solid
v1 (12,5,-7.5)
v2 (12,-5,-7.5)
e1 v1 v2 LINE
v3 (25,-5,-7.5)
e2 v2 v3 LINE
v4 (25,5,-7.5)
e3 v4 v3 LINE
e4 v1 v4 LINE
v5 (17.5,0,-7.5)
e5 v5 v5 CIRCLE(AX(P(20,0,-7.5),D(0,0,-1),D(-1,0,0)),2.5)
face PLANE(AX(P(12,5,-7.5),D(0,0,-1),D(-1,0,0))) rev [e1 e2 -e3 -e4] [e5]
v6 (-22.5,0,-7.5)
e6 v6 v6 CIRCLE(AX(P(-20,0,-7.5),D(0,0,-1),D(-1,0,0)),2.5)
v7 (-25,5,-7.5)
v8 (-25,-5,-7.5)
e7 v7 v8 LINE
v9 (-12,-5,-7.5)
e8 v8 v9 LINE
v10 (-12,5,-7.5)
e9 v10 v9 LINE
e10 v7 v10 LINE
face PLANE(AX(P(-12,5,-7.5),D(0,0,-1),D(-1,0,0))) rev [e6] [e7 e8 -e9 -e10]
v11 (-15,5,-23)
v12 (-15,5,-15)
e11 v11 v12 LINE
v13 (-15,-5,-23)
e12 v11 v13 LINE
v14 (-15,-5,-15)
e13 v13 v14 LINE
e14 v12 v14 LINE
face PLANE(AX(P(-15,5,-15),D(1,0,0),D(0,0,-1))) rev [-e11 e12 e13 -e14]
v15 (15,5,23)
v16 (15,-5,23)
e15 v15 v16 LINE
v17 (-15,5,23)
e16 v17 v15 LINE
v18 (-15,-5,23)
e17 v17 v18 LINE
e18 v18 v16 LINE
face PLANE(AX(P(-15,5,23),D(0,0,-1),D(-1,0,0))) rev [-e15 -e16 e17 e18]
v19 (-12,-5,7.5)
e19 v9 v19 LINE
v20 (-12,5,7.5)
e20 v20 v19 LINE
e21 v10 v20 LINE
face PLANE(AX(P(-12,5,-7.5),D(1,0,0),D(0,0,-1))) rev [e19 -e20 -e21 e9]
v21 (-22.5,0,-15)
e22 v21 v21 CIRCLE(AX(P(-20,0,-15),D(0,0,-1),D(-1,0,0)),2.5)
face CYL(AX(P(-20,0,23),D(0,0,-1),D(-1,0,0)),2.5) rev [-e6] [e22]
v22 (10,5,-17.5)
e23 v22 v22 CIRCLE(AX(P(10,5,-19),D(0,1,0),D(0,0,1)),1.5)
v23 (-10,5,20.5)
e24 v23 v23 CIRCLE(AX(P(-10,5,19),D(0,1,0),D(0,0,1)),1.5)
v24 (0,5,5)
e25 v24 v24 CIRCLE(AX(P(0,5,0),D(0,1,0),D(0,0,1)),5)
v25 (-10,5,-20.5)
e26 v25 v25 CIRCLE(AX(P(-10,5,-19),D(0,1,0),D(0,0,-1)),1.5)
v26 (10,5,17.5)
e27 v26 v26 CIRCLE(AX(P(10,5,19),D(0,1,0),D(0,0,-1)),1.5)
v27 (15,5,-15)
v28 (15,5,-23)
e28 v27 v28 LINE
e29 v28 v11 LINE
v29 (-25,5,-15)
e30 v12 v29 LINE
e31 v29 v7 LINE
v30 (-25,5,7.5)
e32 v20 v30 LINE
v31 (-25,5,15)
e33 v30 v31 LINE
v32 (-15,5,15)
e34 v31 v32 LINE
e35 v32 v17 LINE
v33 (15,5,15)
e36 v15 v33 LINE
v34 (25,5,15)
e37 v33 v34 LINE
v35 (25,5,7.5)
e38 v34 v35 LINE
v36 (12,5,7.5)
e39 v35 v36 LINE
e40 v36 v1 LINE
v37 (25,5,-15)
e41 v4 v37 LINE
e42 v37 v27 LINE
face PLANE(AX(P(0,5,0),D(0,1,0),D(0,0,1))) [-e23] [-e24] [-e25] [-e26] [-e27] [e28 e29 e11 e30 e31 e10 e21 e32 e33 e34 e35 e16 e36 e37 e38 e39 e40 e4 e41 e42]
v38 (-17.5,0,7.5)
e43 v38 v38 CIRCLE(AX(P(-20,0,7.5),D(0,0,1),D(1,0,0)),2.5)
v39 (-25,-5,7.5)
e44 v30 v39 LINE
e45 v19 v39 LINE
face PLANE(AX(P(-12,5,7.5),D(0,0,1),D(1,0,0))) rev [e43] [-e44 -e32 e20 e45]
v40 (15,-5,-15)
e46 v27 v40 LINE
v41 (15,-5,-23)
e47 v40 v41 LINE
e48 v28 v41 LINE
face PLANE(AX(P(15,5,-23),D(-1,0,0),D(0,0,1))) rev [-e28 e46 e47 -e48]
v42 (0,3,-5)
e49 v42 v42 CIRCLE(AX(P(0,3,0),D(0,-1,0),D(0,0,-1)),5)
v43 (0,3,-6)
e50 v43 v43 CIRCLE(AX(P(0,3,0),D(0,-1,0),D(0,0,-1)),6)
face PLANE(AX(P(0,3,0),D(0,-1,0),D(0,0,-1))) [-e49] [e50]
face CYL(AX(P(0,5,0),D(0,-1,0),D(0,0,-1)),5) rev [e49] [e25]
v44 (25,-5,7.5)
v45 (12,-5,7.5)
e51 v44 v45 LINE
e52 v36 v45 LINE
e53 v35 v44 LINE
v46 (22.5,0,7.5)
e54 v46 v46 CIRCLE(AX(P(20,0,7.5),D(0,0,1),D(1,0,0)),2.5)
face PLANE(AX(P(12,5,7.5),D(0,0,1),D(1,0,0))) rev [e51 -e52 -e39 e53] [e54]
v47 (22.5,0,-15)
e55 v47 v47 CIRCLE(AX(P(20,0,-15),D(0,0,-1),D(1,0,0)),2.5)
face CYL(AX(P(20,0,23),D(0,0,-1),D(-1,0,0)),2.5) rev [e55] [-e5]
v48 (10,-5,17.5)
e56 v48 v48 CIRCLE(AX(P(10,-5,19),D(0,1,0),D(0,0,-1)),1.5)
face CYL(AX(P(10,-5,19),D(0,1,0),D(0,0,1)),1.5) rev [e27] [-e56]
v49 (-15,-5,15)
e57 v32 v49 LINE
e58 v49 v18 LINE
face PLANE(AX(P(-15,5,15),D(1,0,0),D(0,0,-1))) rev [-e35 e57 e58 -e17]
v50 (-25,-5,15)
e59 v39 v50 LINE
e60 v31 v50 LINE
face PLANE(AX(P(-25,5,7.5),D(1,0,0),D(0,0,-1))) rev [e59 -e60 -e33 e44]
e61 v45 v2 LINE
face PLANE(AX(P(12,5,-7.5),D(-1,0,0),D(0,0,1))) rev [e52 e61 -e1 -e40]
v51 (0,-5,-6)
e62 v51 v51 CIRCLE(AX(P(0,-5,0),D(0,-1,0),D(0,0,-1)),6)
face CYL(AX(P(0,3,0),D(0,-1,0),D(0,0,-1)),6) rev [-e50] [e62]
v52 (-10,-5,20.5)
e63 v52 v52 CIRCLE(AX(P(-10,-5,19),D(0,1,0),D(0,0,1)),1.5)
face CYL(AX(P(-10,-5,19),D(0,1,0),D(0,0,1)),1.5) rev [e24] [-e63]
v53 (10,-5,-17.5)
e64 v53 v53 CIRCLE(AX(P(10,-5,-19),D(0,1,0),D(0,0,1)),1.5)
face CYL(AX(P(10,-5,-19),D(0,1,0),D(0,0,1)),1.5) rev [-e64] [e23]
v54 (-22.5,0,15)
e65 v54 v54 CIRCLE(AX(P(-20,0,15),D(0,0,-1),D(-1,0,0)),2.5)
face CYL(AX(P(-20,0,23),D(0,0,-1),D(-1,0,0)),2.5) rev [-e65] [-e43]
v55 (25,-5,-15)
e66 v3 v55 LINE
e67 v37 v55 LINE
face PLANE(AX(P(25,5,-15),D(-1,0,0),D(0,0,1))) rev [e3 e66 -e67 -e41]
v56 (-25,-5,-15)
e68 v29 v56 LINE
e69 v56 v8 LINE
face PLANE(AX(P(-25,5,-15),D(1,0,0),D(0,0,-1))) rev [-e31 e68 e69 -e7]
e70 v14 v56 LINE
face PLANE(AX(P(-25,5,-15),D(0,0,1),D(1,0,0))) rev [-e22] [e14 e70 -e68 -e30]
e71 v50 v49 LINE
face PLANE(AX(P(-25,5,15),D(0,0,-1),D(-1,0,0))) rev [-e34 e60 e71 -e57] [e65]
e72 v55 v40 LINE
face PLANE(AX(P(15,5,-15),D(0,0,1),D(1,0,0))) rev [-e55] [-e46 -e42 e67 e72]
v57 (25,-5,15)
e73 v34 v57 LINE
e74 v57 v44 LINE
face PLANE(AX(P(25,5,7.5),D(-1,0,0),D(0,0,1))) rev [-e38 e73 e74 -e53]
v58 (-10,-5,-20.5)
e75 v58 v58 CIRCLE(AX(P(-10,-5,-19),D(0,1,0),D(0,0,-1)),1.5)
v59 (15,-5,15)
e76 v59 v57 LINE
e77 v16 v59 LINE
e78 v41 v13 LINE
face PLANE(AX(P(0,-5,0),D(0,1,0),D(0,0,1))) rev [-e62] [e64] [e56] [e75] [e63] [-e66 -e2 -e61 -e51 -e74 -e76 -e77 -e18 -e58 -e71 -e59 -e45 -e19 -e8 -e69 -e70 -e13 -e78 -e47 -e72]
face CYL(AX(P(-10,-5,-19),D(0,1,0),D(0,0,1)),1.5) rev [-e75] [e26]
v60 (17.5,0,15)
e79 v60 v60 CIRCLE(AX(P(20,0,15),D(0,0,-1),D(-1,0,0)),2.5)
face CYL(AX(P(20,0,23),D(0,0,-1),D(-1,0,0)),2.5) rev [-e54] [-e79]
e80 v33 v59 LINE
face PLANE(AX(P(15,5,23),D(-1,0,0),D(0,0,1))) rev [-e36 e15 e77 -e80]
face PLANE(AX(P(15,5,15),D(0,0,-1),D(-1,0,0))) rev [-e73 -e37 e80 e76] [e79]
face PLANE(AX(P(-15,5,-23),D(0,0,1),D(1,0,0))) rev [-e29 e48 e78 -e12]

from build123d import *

# Parameters (mm, degrees)
SKETCH9_R           = 5
BOSS_EXTRUDE5_DEPTH = 5
SKETCH10_R          = 2.5
CUT_EXTRUDE5_DEPTH  = 46.760244755
SKETCH11_R          = 6
CUT_EXTRUDE6_DEPTH  = 8
SKETCH12_R          = 1.5
CUT_EXTRUDE7_DEPTH  = 36.411862419


with BuildPart() as part:
    # Sketch9 → Boss-Extrude5 (new, symmetric)
    with BuildSketch(Plane(origin=(0, 0, 0), x_dir=(1, 0, 0), z_dir=(0, 1, 0))):
        Polygon((12, 7.5), (12, -7.5), (25, -7.5), (25, -15), (15, -15), (15, -23), (-15, -23), (-15, -15), (-25, -15), (-25, -7.5), (-12, -7.5), (-12, 7.5), (-25, 7.5), (-25, 15), (-15, 15), (-15, 23), (15, 23), (15, 15), (25, 15), (25, 7.5), align=None)
        with Locations(Location((0, 0, 0), (0, 0, 270))):
            Circle(SKETCH9_R, mode=Mode.SUBTRACT)
    extrude(amount=BOSS_EXTRUDE5_DEPTH, both=True)

    # Sketch10 → Cut-Extrude5 (cut, through all)
    with BuildSketch(Plane(origin=(0, 0, -15), x_dir=(-1, 0, 0), z_dir=(0, 0, -1))):
        with Locations((20, 0)):
            Circle(SKETCH10_R)
        with Locations((-20, 0)):
            Circle(SKETCH10_R)
    extrude(amount=-CUT_EXTRUDE5_DEPTH, mode=Mode.SUBTRACT)

    # Sketch11 → Cut-Extrude6 (cut)
    with BuildSketch(Plane.XZ.offset(5)):
        with Locations(Location((0, 0, 0), (0, 0, 270))):
            Circle(SKETCH11_R)
    extrude(amount=-CUT_EXTRUDE6_DEPTH, mode=Mode.SUBTRACT)

    # Sketch12 → Cut-Extrude7 (cut, through all)
    with BuildSketch(Plane(origin=(0, 5, 0), x_dir=(1, 0, 0), z_dir=(0, 1, 0))):
        with Locations(Location((10, 19, 0), (0, 0, 270))):
            Circle(SKETCH12_R)
        with Locations(Location((-10, 19, 0), (0, 0, 90))):
            Circle(SKETCH12_R)
        with Locations(Location((10, -19, 0), (0, 0, 90))):
            Circle(SKETCH12_R)
        with Locations(Location((-10, -19, 0), (0, 0, 270))):
            Circle(SKETCH12_R)
    extrude(amount=-CUT_EXTRUDE7_DEPTH, mode=Mode.SUBTRACT)


solid = part.part
